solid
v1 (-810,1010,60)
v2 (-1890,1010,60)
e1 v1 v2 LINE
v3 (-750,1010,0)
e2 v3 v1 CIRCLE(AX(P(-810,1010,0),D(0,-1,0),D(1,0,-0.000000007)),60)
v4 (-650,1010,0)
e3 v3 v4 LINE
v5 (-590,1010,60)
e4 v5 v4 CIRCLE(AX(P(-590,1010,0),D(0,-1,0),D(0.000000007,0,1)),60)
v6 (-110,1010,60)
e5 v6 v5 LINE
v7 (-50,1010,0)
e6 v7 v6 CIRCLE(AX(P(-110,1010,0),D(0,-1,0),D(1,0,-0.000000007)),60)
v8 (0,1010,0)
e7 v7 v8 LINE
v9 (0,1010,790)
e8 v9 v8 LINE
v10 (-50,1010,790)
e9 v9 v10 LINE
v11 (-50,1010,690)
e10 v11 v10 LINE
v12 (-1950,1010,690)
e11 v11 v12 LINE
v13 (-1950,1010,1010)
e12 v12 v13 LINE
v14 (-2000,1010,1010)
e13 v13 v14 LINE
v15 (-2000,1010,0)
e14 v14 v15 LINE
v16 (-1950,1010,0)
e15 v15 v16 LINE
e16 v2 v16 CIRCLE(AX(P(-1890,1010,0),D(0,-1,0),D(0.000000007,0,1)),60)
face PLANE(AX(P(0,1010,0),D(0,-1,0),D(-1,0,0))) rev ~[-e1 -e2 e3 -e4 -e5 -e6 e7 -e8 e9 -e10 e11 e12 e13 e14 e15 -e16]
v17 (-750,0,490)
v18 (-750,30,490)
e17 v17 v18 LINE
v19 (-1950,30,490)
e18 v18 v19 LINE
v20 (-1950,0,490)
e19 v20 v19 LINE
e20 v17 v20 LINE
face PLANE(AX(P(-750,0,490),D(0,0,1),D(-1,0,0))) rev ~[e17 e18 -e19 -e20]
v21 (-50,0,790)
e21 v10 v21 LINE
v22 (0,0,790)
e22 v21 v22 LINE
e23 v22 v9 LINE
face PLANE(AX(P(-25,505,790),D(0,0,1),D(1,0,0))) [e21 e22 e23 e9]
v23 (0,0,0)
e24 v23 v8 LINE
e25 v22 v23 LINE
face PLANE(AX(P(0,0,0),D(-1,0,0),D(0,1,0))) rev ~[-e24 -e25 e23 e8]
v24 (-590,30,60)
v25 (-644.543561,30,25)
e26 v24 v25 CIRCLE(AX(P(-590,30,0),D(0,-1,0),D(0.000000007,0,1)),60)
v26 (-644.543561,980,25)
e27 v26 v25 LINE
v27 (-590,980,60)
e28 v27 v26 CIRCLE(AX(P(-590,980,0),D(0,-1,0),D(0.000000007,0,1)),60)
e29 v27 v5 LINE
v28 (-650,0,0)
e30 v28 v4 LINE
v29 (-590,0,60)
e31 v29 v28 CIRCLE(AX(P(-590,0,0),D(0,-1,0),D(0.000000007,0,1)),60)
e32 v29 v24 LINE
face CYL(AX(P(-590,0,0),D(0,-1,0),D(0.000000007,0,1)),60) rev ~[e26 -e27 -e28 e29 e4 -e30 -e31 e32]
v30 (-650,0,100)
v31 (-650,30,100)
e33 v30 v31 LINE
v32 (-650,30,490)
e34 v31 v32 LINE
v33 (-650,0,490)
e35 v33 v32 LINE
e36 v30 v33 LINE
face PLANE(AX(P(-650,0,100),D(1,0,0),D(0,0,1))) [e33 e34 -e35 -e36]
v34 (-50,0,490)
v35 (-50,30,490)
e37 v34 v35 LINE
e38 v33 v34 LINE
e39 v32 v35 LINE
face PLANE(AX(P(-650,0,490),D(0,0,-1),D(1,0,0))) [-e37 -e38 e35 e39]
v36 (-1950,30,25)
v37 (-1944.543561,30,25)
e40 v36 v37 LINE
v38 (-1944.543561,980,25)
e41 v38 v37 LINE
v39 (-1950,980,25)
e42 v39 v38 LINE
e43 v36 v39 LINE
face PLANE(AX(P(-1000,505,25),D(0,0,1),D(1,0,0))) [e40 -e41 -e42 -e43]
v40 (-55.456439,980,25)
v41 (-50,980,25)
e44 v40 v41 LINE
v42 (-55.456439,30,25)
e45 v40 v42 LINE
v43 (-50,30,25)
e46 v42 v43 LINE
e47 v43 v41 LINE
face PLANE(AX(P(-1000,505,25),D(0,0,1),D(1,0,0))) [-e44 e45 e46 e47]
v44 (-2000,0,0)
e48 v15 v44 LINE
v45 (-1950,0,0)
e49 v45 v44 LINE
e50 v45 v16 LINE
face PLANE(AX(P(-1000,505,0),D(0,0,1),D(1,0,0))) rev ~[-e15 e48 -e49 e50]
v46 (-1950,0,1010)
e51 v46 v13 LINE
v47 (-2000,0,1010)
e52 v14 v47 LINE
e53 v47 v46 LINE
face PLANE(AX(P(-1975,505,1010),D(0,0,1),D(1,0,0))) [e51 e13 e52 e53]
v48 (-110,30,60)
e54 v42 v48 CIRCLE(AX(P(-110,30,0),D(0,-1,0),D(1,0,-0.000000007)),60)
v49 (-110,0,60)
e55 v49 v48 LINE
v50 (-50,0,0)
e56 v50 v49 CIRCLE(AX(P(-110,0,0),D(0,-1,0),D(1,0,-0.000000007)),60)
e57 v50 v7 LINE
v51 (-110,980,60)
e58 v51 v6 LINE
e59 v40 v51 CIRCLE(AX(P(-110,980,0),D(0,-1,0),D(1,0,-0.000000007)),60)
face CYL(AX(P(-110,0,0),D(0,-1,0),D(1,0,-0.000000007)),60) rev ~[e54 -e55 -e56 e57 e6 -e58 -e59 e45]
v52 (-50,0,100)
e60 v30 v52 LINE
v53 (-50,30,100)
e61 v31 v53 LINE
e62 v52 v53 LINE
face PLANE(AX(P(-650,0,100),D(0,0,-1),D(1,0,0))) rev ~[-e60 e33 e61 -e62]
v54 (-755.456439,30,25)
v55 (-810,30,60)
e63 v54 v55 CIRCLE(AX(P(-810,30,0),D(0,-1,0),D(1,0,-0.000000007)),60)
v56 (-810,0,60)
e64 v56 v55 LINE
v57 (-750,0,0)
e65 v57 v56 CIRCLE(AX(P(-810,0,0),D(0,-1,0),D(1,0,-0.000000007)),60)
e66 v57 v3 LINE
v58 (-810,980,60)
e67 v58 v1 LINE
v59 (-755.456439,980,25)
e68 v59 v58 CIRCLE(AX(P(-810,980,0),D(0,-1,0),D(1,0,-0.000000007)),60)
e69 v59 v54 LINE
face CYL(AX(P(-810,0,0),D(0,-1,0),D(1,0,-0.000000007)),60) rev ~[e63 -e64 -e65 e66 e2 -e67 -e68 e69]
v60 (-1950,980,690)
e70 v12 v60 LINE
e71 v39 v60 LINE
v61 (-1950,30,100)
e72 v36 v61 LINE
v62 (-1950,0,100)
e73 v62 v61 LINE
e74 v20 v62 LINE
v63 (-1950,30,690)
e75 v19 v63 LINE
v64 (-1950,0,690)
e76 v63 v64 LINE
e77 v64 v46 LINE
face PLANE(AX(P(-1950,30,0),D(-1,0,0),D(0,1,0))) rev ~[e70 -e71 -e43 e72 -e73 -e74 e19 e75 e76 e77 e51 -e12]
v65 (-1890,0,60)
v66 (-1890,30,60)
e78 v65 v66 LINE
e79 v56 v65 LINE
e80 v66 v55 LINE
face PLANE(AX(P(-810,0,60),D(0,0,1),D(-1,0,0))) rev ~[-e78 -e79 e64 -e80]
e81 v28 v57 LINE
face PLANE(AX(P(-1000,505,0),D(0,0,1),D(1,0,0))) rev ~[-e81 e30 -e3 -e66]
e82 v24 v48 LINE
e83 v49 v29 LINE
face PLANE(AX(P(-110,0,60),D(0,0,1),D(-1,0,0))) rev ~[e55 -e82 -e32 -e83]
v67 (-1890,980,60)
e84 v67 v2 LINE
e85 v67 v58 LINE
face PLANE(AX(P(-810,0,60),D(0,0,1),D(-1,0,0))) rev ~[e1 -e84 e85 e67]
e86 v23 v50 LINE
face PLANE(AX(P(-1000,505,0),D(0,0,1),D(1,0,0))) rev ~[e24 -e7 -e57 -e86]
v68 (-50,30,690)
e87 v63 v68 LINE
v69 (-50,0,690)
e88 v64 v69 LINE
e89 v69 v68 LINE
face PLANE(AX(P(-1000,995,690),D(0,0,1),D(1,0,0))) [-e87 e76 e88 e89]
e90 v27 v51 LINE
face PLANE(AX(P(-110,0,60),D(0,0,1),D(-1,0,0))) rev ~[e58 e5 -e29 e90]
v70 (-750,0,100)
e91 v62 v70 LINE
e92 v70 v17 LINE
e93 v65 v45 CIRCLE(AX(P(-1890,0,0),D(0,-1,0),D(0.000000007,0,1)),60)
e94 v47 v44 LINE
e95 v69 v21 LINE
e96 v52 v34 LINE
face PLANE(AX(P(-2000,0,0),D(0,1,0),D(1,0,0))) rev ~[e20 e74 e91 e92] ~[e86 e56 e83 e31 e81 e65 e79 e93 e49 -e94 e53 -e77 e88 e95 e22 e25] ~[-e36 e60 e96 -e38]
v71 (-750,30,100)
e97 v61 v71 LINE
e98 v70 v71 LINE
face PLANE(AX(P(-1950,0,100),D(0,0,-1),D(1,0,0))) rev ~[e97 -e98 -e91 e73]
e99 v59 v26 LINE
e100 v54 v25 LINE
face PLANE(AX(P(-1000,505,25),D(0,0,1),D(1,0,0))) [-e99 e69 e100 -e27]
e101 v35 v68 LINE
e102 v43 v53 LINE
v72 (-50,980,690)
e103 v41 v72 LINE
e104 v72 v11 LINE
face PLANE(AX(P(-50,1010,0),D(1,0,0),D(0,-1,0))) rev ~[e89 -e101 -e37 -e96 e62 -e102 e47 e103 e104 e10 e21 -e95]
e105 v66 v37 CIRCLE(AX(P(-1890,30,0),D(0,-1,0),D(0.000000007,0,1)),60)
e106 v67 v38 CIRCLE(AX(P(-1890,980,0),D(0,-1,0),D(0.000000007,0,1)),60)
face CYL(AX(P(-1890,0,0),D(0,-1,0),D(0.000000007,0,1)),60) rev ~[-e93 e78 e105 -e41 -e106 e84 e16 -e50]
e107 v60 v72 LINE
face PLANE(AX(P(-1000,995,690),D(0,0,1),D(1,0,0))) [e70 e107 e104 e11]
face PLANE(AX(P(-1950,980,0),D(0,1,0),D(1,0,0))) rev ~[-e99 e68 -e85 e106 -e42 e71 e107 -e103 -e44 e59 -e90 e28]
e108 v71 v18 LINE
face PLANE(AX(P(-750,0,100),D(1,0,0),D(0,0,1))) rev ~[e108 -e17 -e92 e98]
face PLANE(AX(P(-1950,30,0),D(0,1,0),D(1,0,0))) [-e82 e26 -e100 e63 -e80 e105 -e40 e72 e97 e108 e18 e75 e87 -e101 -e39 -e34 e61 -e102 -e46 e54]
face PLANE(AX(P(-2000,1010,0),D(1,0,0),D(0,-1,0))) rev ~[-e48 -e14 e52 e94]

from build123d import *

# Parameters (mm, degrees)
F0_W     = 1900
F0_H     = 30
F1_DEPTH = 690
F2_DEPTH = 1010
F0_H_2   = 950
F3_DEPTH = 25
F4_DEPTH = 790
F6_DEPTH = 1010
F5_W     = 600
F5_H     = 390
F7_DEPTH = 30


with BuildPart() as f1:
    # F0 (on Top) → F1 (new body)
    with BuildSketch(Plane.XY):
        with Locations((-1000, 995)):
            Rectangle(F0_W, F0_H)
        with Locations((-1000, 15)):
            Rectangle(F0_W, F0_H)
        Polygon((-1950, 1010), (-2000, 1010), (-2000, 0), (-1950, 0), (-1950, 30), (-1950, 980), align=None)
        Polygon((0, 1010), (-50, 1010), (-50, 980), (-50, 30), (-50, 0), (0, 0), align=None)
    extrude(amount=F1_DEPTH)

    # F0 (on Top) → F2 (join)
    with BuildSketch(Plane.XY):
        Polygon((-1950, 1010), (-2000, 1010), (-2000, 0), (-1950, 0), (-1950, 30), (-1950, 980), align=None)
    extrude(amount=F2_DEPTH)

    # F0 (on Top) → F3 (join)
    with BuildSketch(Plane.XY):
        with Locations((-1000, 505)):
            Rectangle(F0_W, F0_H_2)
    extrude(amount=F3_DEPTH)

    # F0 (on Top) → F4 (join)
    with BuildSketch(Plane.XY):
        Polygon((0, 1010), (-50, 1010), (-50, 980), (-50, 30), (-50, 0), (0, 0), align=None)
    extrude(amount=F4_DEPTH)

    # F5 (on face) → F6 (cut)
    with BuildSketch(Plane.XZ):
        with BuildLine():
            Line((-1950, 0), (-750, 0))
            ThreePointArc((-750, 0), (-767.573593, 42.426407), (-810, 60))
            Line((-810, 60), (-1890, 60))
            ThreePointArc((-1890, 60), (-1932.426407, 42.426407), (-1950, 0))
        make_face()
        with BuildLine():
            Line((-650, 0), (-50, 0))
            ThreePointArc((-50, 0), (-67.573593, 42.426407), (-110, 60))
            Line((-110, 60), (-590, 60))
            ThreePointArc((-590, 60), (-632.426407, 42.426407), (-650, 0))
        make_face()
    extrude(amount=-F6_DEPTH, mode=Mode.SUBTRACT)

    # F5 (on face) → F7 (cut)
    with BuildSketch(Plane.XZ):
        Polygon((-1439.458966, 490), (-1950, 490), (-1950, 100), (-1439.458966, 100), (-750, 100), (-750, 490), align=None)
        with Locations((-350, 295)):
            Rectangle(F5_W, F5_H)
    extrude(amount=-F7_DEPTH, mode=Mode.SUBTRACT)


solid = f1.part
